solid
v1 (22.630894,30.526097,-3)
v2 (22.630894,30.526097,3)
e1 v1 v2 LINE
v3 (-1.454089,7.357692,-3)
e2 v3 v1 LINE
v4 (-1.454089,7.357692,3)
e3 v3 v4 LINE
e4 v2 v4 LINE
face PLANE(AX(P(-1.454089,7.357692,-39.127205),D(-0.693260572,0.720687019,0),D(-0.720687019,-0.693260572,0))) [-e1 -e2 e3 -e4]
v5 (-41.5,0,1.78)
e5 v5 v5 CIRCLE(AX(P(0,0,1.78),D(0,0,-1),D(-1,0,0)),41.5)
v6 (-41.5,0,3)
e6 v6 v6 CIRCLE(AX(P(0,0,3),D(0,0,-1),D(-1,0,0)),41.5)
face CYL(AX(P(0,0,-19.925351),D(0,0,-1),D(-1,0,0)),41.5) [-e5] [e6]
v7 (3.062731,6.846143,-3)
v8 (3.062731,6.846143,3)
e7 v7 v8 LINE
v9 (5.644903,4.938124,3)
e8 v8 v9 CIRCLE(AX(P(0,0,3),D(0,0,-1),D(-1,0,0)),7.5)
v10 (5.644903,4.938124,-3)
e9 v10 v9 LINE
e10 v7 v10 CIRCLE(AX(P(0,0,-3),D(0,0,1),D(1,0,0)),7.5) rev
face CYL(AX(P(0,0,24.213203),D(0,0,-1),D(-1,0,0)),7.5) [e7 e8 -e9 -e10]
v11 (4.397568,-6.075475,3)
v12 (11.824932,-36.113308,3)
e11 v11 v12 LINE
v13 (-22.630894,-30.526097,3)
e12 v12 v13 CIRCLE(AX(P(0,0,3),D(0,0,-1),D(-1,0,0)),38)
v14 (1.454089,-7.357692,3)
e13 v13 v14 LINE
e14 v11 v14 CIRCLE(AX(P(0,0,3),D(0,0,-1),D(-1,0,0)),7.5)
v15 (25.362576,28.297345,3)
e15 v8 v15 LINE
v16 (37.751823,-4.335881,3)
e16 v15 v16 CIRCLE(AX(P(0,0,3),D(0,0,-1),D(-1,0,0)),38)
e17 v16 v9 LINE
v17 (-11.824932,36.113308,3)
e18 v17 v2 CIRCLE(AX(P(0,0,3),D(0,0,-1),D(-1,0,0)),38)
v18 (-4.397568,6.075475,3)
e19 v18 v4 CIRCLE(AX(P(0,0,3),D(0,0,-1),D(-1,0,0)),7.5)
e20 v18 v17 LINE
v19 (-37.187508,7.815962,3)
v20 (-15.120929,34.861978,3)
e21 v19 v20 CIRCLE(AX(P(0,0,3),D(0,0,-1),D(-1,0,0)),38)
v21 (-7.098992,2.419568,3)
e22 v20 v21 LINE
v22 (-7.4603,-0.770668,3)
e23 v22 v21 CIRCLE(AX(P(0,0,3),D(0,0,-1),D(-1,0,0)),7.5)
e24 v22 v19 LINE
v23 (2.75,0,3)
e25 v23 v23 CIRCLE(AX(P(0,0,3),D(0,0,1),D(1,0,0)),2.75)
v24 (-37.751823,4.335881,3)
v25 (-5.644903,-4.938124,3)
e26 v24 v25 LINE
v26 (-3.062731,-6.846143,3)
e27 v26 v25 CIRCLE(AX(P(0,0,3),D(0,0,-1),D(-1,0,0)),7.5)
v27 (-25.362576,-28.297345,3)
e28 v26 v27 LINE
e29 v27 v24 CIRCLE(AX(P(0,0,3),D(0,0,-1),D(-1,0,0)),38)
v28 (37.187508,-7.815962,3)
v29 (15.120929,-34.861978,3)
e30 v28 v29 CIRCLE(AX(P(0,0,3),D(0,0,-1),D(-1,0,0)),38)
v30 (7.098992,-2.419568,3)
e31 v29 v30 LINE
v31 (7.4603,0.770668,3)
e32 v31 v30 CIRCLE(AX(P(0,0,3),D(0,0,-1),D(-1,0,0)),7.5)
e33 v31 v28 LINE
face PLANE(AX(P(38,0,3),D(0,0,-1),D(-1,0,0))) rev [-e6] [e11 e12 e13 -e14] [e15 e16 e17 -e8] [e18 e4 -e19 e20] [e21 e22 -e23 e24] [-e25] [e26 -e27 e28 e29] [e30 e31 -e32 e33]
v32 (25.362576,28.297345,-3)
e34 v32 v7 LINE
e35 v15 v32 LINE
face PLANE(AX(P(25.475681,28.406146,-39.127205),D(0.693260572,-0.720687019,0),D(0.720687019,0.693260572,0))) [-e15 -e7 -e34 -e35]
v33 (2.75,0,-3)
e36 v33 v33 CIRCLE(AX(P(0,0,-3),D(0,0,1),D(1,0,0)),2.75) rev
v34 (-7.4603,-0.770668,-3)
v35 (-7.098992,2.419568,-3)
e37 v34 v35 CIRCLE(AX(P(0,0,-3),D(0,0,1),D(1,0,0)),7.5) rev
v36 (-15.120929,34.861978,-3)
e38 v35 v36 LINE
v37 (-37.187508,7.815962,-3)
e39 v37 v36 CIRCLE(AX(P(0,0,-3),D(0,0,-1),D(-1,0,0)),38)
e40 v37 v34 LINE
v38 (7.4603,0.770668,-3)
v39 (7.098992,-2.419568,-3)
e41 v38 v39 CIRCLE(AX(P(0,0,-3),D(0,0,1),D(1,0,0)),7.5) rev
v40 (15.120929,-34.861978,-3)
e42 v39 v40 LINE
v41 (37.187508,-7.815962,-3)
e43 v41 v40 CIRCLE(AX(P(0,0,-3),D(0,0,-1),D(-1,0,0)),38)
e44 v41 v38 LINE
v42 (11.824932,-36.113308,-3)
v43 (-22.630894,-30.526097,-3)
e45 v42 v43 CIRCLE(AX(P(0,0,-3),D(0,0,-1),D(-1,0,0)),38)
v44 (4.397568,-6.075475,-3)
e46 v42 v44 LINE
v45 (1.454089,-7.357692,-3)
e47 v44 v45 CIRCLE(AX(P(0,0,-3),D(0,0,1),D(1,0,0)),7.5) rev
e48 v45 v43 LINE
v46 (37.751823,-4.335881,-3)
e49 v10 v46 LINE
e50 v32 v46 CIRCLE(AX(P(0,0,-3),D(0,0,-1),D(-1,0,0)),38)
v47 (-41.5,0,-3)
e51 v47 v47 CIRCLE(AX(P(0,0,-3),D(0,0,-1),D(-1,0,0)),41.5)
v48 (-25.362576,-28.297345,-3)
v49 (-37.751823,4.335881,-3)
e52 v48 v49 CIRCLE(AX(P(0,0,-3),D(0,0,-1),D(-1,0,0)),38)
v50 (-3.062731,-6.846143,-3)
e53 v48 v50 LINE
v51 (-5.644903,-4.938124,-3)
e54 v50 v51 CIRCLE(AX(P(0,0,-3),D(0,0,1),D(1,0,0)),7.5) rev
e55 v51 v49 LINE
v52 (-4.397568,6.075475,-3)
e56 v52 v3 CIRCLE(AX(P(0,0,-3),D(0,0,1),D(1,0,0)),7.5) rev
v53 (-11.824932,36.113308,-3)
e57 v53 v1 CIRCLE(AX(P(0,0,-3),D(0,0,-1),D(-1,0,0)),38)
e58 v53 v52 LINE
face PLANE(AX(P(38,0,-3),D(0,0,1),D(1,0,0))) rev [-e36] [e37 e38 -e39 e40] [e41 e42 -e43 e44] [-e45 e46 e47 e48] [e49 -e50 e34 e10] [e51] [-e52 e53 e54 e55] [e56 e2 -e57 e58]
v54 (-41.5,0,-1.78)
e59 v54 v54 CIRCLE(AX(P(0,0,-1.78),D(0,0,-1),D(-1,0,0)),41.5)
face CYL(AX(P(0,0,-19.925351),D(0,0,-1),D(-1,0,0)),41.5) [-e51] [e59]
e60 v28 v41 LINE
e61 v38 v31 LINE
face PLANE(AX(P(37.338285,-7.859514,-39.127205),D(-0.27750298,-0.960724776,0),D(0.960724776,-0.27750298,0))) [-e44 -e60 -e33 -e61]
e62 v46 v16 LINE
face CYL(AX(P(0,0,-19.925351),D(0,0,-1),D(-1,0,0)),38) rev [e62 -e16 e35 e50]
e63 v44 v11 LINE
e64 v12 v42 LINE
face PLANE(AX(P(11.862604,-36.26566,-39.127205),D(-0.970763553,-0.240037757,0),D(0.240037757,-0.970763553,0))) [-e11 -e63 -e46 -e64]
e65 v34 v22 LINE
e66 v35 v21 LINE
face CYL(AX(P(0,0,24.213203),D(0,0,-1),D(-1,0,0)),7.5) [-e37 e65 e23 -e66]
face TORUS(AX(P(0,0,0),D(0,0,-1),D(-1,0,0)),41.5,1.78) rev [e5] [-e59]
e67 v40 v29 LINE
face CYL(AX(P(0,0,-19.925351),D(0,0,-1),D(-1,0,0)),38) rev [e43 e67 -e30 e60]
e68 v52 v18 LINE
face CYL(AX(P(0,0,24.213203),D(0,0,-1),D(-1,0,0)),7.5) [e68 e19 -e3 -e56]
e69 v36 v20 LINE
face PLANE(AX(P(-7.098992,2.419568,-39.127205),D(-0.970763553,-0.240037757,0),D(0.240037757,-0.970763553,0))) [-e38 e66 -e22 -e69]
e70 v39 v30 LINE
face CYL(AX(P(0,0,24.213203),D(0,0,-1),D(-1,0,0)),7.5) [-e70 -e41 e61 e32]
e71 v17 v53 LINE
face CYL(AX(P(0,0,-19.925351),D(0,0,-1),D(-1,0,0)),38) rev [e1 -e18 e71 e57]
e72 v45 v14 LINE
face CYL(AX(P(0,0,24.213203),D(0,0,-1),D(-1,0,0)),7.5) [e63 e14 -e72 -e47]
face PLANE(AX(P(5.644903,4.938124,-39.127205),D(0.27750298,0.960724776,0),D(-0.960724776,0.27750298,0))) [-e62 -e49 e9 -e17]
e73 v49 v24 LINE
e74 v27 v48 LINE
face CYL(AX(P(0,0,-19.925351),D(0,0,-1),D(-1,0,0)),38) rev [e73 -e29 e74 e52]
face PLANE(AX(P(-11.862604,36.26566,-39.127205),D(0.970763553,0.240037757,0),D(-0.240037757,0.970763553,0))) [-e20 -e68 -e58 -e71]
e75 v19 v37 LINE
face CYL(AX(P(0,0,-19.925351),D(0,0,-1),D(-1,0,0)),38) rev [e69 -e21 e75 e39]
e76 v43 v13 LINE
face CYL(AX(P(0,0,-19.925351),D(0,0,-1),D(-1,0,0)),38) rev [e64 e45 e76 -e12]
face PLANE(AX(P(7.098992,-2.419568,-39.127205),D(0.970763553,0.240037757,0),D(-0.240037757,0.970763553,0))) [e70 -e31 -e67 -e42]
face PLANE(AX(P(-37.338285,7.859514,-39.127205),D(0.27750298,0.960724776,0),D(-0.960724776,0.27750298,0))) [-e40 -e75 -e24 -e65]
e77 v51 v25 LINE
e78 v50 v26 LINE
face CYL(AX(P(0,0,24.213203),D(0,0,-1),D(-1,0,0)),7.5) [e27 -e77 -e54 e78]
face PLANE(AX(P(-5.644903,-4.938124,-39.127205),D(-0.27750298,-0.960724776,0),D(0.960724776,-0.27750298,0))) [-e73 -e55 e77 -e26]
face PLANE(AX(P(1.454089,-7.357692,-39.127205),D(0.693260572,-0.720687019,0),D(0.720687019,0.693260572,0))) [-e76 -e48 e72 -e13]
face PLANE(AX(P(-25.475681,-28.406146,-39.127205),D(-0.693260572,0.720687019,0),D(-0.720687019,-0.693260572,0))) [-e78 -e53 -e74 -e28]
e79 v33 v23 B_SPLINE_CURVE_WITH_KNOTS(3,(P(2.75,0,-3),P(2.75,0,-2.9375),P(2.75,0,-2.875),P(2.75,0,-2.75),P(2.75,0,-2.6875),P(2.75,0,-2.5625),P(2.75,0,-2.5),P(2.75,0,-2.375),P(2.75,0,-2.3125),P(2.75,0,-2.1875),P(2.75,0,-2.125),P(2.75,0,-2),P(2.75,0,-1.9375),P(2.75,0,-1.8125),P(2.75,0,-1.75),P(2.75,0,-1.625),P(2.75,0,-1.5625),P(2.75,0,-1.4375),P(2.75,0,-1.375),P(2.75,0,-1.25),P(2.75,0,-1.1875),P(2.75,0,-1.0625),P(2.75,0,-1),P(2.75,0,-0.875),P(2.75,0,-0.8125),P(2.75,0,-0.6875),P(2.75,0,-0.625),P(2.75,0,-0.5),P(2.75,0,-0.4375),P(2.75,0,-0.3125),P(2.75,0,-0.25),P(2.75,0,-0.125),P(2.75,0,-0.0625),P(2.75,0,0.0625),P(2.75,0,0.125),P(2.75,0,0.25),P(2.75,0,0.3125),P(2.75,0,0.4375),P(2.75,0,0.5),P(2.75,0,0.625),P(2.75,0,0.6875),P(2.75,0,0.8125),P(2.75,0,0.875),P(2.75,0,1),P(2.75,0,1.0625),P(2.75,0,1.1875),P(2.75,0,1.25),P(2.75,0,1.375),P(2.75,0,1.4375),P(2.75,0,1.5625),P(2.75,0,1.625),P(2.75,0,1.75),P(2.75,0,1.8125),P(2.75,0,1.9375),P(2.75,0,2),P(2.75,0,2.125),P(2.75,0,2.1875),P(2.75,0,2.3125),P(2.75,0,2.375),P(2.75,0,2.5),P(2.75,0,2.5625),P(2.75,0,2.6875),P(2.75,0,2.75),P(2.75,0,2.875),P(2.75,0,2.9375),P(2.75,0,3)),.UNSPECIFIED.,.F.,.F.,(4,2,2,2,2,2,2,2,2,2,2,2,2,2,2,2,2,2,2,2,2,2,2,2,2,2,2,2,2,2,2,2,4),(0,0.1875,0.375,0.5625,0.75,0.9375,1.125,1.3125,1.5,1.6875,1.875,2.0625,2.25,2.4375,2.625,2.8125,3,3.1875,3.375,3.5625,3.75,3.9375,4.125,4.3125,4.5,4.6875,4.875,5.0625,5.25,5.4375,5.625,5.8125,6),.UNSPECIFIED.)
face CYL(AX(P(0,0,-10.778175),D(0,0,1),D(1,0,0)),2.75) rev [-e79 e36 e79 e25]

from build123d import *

# Parameters (mm, degrees)
CENTER_REACH             = 60.766
SKETCH3_R                = 7.5
CENTER_DIRECTION_2_REACH = 60.766
SPOKES_DEPTH             = 6
SKETCH5_R                = 2.75
HOLE_DEPTH               = 6


with BuildPart() as part:
    # Sketch2 → rim (revolve)
    with BuildSketch(Plane(origin=(0, 0, 0), x_dir=(1, 0, 0), z_dir=(0, 1, 0)), mode=Mode.PRIVATE) as rim_sk:
        with BuildLine():
            Line((41.5, -1.78), (41.5, -3))
            Line((41.5, -3), (38, -3))
            Line((38, -3), (38, 3))
            Line((38, 3), (41.5, 3))
            Line((41.5, 3), (41.5, 1.78))
            ThreePointArc((41.5, 1.78), (39.72, 0), (41.5, -1.78))
        make_face()
    revolve(rim_sk.sketch.rotate(Axis((0, 0, -19.925351406), (0, 0, 1)), 180), axis=Axis((0, 0, -19.925351406), (0, 0, 1)))


with BuildPart() as body_2:

    # center: up to this face of the body (flat: up to its plane)
    center_end = Plane(part.part.faces().sort_by_distance((40.326202743, 0, 3))[0])
    # Sketch3 → center (new, up to the picked face)
    with BuildSketch(Plane.XY, mode=Mode.PRIVATE) as center_sk1:
        with Locations(Location((0, 0, 0), (0, 0, 180))):
            Circle(SKETCH3_R)
    center_tool1 = split(extrude(center_sk1.sketch, amount=CENTER_REACH, mode=Mode.PRIVATE), bisect_by=center_end, keep=Keep.BOTH, mode=Mode.PRIVATE)
    add(center_tool1.solids().sort_by(Axis((0, 0, 0), (0, 0, 1)))[0])


    # center direction 2: up to this face of the body (flat: up to its plane)
    center_direction_2_end = Plane(part.part.faces().sort_by_distance((39.173797257, 0, -3))[0])
    # Sketch3 → center direction 2 (add, up to the picked face)
    with BuildSketch(Plane.XY, mode=Mode.PRIVATE) as center_direction_2_sk1:
        with Locations(Location((0, 0, 0), (0, 0, 180))):
            Circle(SKETCH3_R)
    center_direction_2_tool1 = split(extrude(center_direction_2_sk1.sketch, amount=-CENTER_DIRECTION_2_REACH, mode=Mode.PRIVATE), bisect_by=center_direction_2_end, keep=Keep.BOTH, mode=Mode.PRIVATE)
    add(center_direction_2_tool1.solids().sort_by(Axis((0, 0, 0), (0, 0, -1)))[0])


with BuildPart() as part_1:
    add(part.part)

    add(body_2.part)  # spokes merges body 2
    # Sketch4 → spokes (add)
    with BuildSketch(Plane.XY.offset(3)):
        Polygon((-1.454089233, 7.35769152), (23.049269408, 30.928550972), (25.47568141, 28.406146406), (3.06273149, 6.846143134), align=None)
        Polygon((5.644903153, 4.938123975), (38.309545548, -4.496977359), (37.338285116, -7.859514077), (7.460299618, 0.770668291), align=None)
        Polygon((7.098992386, -2.419567545), (15.26027614, -35.425528332), (11.862603706, -36.265660483), (4.397568127, -6.075474843), align=None)
        Polygon((1.454089233, -7.35769152), (-23.049269408, -30.928550972), (-25.47568141, -28.406146406), (-3.06273149, -6.846143134), align=None)
        Polygon((-5.644903153, -4.938123975), (-38.309545548, 4.496977359), (-37.338285116, 7.859514077), (-7.460299618, -0.770668291), align=None)
        Polygon((-7.098992386, 2.419567545), (-15.26027614, 35.425528332), (-11.862603706, 36.265660483), (-4.397568127, 6.075474843), align=None)
    extrude(amount=-SPOKES_DEPTH)

    # Sketch5 → hole (cut)
    with BuildSketch(Plane.XY.offset(3)):
        Circle(SKETCH5_R)
    extrude(amount=-HOLE_DEPTH, mode=Mode.SUBTRACT)


solid = part_1.part
